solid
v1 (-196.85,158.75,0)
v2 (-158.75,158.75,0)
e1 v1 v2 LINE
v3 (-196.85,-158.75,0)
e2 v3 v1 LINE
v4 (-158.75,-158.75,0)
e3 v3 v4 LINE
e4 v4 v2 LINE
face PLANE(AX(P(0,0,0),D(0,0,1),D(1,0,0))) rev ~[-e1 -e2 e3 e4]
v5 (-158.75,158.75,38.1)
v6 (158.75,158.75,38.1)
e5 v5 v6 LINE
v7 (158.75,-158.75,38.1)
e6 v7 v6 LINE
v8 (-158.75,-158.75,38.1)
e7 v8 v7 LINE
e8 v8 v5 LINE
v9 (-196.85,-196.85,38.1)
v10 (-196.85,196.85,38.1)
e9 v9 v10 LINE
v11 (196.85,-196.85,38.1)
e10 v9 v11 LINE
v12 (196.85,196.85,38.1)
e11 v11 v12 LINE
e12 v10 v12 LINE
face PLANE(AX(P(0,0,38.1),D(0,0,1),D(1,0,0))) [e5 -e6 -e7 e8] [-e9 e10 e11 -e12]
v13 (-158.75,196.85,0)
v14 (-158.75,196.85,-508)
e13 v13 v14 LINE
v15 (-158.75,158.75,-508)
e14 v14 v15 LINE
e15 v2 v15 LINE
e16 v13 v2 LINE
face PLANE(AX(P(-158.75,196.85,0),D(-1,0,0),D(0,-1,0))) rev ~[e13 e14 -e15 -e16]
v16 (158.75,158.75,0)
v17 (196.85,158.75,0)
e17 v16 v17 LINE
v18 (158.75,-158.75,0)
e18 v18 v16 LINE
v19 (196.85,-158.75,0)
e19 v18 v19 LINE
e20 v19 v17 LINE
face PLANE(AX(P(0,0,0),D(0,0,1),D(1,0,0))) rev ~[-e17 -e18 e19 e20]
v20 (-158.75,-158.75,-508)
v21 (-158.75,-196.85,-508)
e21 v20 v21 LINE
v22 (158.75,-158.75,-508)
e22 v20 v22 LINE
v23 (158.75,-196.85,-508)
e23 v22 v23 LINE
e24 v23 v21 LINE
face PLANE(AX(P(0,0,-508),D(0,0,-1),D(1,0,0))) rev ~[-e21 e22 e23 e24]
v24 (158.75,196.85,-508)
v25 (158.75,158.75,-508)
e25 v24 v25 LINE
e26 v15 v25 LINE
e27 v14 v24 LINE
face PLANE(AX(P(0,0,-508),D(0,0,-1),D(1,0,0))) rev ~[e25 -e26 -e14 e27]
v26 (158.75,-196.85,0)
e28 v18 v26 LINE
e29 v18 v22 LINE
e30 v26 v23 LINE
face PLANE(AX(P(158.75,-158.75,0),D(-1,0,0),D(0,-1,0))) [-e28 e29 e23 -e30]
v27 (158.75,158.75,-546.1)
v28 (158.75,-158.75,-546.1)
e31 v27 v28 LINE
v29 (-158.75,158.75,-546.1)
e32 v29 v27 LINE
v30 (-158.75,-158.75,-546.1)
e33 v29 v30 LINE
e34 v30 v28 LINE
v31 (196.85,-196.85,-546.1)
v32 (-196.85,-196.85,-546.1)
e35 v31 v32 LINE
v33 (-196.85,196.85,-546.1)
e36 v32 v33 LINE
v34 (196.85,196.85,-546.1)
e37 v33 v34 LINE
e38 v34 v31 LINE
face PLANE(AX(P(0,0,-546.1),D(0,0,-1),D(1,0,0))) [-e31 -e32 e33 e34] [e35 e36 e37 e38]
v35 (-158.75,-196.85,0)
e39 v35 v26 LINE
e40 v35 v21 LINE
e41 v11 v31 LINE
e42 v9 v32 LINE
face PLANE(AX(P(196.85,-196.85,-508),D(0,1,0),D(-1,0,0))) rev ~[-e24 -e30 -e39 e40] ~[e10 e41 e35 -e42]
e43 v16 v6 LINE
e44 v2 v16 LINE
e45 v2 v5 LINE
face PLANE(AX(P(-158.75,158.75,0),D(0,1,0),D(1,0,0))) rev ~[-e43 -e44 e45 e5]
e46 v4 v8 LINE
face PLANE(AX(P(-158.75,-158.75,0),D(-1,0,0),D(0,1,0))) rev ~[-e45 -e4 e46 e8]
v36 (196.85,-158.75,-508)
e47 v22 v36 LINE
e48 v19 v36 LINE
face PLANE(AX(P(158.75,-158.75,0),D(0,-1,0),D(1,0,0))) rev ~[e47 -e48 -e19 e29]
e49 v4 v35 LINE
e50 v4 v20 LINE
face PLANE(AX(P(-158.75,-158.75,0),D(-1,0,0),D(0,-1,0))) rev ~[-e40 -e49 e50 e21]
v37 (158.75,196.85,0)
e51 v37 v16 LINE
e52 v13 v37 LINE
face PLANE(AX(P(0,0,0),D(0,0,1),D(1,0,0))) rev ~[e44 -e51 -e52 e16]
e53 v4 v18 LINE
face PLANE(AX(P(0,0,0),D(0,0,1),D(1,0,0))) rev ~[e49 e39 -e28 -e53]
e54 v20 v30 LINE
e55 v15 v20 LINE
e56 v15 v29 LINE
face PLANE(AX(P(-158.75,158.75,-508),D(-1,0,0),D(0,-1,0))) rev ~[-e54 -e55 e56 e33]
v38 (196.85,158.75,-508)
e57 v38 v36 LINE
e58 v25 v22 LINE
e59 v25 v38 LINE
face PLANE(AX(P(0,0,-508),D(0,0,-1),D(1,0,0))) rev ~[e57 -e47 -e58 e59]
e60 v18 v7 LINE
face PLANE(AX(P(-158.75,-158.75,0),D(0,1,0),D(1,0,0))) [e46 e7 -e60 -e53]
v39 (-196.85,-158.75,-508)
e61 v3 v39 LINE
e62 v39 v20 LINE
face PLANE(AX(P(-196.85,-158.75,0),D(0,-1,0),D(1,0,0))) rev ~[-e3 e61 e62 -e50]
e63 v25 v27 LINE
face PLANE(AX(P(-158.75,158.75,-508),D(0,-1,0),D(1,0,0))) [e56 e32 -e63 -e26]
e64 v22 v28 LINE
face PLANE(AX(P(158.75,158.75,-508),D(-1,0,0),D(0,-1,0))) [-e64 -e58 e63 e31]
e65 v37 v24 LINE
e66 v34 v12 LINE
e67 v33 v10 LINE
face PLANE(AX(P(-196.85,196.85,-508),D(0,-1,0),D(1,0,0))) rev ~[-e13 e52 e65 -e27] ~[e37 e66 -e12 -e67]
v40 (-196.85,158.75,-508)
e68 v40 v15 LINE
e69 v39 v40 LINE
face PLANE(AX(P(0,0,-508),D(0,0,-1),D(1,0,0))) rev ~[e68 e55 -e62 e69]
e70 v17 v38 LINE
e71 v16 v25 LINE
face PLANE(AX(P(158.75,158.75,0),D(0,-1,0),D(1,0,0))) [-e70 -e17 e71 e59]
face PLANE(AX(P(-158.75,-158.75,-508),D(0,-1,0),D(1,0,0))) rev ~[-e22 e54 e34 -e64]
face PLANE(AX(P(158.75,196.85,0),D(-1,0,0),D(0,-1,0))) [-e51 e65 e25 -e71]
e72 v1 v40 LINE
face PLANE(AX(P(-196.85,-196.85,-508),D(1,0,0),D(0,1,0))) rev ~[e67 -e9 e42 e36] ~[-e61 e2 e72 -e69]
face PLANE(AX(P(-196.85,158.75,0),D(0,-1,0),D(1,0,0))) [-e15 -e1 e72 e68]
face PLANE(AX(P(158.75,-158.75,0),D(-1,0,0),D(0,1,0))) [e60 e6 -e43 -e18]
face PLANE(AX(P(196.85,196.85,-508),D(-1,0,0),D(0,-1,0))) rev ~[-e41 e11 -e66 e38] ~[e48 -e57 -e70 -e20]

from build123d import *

# Parameters (mm, degrees)
F0_W     = 393.7
F0_H     = 393.7
F0_W_2   = 317.5
F0_H_2   = 317.5
F1_DEPTH = 38.1
F2_W     = 38.1
F2_H     = 38.1
F3_DEPTH = 508
F4_W     = 317.5
F4_H     = 317.5
F5_DEPTH = 38.1


with BuildPart() as f1:
    # F0 (on Top) → F1 (new body)
    with BuildSketch(Plane.XY):
        Rectangle(F0_W, F0_H)
        Rectangle(F0_W_2, F0_H_2, mode=Mode.SUBTRACT)
    extrude(amount=F1_DEPTH)

    # F2 (on face) → F3 (join)
    with BuildSketch(Plane(origin=(0, 0, 0), x_dir=(1, 0, 0), z_dir=(0, 0, -1))):
        with Locations((-177.8, 177.8)):
            Rectangle(F2_W, F2_H)
        with Locations((-177.8, -177.8)):
            Rectangle(F2_W, F2_H)
        with Locations((177.8, 177.8)):
            Rectangle(F2_W, F2_H)
        with Locations((177.8, -177.8)):
            Rectangle(F2_W, F2_H)
    extrude(amount=F3_DEPTH)

    # F4 (on face) → F5 (join)
    with BuildSketch(Plane(origin=(0, 0, -508), x_dir=(1, 0, 0), z_dir=(0, 0, -1))):
        Polygon((158.75, -196.85), (196.85, -196.85), (196.85, -158.75), (196.85, 158.75), (196.85, 196.85), (158.75, 196.85), (-158.75, 196.85), (-196.85, 196.85), (-196.85, 158.75), (-196.85, -158.75), (-196.85, -196.85), (-158.75, -196.85), align=None)
        Rectangle(F4_W, F4_H, mode=Mode.SUBTRACT)
    extrude(amount=F5_DEPTH)


solid = f1.part
